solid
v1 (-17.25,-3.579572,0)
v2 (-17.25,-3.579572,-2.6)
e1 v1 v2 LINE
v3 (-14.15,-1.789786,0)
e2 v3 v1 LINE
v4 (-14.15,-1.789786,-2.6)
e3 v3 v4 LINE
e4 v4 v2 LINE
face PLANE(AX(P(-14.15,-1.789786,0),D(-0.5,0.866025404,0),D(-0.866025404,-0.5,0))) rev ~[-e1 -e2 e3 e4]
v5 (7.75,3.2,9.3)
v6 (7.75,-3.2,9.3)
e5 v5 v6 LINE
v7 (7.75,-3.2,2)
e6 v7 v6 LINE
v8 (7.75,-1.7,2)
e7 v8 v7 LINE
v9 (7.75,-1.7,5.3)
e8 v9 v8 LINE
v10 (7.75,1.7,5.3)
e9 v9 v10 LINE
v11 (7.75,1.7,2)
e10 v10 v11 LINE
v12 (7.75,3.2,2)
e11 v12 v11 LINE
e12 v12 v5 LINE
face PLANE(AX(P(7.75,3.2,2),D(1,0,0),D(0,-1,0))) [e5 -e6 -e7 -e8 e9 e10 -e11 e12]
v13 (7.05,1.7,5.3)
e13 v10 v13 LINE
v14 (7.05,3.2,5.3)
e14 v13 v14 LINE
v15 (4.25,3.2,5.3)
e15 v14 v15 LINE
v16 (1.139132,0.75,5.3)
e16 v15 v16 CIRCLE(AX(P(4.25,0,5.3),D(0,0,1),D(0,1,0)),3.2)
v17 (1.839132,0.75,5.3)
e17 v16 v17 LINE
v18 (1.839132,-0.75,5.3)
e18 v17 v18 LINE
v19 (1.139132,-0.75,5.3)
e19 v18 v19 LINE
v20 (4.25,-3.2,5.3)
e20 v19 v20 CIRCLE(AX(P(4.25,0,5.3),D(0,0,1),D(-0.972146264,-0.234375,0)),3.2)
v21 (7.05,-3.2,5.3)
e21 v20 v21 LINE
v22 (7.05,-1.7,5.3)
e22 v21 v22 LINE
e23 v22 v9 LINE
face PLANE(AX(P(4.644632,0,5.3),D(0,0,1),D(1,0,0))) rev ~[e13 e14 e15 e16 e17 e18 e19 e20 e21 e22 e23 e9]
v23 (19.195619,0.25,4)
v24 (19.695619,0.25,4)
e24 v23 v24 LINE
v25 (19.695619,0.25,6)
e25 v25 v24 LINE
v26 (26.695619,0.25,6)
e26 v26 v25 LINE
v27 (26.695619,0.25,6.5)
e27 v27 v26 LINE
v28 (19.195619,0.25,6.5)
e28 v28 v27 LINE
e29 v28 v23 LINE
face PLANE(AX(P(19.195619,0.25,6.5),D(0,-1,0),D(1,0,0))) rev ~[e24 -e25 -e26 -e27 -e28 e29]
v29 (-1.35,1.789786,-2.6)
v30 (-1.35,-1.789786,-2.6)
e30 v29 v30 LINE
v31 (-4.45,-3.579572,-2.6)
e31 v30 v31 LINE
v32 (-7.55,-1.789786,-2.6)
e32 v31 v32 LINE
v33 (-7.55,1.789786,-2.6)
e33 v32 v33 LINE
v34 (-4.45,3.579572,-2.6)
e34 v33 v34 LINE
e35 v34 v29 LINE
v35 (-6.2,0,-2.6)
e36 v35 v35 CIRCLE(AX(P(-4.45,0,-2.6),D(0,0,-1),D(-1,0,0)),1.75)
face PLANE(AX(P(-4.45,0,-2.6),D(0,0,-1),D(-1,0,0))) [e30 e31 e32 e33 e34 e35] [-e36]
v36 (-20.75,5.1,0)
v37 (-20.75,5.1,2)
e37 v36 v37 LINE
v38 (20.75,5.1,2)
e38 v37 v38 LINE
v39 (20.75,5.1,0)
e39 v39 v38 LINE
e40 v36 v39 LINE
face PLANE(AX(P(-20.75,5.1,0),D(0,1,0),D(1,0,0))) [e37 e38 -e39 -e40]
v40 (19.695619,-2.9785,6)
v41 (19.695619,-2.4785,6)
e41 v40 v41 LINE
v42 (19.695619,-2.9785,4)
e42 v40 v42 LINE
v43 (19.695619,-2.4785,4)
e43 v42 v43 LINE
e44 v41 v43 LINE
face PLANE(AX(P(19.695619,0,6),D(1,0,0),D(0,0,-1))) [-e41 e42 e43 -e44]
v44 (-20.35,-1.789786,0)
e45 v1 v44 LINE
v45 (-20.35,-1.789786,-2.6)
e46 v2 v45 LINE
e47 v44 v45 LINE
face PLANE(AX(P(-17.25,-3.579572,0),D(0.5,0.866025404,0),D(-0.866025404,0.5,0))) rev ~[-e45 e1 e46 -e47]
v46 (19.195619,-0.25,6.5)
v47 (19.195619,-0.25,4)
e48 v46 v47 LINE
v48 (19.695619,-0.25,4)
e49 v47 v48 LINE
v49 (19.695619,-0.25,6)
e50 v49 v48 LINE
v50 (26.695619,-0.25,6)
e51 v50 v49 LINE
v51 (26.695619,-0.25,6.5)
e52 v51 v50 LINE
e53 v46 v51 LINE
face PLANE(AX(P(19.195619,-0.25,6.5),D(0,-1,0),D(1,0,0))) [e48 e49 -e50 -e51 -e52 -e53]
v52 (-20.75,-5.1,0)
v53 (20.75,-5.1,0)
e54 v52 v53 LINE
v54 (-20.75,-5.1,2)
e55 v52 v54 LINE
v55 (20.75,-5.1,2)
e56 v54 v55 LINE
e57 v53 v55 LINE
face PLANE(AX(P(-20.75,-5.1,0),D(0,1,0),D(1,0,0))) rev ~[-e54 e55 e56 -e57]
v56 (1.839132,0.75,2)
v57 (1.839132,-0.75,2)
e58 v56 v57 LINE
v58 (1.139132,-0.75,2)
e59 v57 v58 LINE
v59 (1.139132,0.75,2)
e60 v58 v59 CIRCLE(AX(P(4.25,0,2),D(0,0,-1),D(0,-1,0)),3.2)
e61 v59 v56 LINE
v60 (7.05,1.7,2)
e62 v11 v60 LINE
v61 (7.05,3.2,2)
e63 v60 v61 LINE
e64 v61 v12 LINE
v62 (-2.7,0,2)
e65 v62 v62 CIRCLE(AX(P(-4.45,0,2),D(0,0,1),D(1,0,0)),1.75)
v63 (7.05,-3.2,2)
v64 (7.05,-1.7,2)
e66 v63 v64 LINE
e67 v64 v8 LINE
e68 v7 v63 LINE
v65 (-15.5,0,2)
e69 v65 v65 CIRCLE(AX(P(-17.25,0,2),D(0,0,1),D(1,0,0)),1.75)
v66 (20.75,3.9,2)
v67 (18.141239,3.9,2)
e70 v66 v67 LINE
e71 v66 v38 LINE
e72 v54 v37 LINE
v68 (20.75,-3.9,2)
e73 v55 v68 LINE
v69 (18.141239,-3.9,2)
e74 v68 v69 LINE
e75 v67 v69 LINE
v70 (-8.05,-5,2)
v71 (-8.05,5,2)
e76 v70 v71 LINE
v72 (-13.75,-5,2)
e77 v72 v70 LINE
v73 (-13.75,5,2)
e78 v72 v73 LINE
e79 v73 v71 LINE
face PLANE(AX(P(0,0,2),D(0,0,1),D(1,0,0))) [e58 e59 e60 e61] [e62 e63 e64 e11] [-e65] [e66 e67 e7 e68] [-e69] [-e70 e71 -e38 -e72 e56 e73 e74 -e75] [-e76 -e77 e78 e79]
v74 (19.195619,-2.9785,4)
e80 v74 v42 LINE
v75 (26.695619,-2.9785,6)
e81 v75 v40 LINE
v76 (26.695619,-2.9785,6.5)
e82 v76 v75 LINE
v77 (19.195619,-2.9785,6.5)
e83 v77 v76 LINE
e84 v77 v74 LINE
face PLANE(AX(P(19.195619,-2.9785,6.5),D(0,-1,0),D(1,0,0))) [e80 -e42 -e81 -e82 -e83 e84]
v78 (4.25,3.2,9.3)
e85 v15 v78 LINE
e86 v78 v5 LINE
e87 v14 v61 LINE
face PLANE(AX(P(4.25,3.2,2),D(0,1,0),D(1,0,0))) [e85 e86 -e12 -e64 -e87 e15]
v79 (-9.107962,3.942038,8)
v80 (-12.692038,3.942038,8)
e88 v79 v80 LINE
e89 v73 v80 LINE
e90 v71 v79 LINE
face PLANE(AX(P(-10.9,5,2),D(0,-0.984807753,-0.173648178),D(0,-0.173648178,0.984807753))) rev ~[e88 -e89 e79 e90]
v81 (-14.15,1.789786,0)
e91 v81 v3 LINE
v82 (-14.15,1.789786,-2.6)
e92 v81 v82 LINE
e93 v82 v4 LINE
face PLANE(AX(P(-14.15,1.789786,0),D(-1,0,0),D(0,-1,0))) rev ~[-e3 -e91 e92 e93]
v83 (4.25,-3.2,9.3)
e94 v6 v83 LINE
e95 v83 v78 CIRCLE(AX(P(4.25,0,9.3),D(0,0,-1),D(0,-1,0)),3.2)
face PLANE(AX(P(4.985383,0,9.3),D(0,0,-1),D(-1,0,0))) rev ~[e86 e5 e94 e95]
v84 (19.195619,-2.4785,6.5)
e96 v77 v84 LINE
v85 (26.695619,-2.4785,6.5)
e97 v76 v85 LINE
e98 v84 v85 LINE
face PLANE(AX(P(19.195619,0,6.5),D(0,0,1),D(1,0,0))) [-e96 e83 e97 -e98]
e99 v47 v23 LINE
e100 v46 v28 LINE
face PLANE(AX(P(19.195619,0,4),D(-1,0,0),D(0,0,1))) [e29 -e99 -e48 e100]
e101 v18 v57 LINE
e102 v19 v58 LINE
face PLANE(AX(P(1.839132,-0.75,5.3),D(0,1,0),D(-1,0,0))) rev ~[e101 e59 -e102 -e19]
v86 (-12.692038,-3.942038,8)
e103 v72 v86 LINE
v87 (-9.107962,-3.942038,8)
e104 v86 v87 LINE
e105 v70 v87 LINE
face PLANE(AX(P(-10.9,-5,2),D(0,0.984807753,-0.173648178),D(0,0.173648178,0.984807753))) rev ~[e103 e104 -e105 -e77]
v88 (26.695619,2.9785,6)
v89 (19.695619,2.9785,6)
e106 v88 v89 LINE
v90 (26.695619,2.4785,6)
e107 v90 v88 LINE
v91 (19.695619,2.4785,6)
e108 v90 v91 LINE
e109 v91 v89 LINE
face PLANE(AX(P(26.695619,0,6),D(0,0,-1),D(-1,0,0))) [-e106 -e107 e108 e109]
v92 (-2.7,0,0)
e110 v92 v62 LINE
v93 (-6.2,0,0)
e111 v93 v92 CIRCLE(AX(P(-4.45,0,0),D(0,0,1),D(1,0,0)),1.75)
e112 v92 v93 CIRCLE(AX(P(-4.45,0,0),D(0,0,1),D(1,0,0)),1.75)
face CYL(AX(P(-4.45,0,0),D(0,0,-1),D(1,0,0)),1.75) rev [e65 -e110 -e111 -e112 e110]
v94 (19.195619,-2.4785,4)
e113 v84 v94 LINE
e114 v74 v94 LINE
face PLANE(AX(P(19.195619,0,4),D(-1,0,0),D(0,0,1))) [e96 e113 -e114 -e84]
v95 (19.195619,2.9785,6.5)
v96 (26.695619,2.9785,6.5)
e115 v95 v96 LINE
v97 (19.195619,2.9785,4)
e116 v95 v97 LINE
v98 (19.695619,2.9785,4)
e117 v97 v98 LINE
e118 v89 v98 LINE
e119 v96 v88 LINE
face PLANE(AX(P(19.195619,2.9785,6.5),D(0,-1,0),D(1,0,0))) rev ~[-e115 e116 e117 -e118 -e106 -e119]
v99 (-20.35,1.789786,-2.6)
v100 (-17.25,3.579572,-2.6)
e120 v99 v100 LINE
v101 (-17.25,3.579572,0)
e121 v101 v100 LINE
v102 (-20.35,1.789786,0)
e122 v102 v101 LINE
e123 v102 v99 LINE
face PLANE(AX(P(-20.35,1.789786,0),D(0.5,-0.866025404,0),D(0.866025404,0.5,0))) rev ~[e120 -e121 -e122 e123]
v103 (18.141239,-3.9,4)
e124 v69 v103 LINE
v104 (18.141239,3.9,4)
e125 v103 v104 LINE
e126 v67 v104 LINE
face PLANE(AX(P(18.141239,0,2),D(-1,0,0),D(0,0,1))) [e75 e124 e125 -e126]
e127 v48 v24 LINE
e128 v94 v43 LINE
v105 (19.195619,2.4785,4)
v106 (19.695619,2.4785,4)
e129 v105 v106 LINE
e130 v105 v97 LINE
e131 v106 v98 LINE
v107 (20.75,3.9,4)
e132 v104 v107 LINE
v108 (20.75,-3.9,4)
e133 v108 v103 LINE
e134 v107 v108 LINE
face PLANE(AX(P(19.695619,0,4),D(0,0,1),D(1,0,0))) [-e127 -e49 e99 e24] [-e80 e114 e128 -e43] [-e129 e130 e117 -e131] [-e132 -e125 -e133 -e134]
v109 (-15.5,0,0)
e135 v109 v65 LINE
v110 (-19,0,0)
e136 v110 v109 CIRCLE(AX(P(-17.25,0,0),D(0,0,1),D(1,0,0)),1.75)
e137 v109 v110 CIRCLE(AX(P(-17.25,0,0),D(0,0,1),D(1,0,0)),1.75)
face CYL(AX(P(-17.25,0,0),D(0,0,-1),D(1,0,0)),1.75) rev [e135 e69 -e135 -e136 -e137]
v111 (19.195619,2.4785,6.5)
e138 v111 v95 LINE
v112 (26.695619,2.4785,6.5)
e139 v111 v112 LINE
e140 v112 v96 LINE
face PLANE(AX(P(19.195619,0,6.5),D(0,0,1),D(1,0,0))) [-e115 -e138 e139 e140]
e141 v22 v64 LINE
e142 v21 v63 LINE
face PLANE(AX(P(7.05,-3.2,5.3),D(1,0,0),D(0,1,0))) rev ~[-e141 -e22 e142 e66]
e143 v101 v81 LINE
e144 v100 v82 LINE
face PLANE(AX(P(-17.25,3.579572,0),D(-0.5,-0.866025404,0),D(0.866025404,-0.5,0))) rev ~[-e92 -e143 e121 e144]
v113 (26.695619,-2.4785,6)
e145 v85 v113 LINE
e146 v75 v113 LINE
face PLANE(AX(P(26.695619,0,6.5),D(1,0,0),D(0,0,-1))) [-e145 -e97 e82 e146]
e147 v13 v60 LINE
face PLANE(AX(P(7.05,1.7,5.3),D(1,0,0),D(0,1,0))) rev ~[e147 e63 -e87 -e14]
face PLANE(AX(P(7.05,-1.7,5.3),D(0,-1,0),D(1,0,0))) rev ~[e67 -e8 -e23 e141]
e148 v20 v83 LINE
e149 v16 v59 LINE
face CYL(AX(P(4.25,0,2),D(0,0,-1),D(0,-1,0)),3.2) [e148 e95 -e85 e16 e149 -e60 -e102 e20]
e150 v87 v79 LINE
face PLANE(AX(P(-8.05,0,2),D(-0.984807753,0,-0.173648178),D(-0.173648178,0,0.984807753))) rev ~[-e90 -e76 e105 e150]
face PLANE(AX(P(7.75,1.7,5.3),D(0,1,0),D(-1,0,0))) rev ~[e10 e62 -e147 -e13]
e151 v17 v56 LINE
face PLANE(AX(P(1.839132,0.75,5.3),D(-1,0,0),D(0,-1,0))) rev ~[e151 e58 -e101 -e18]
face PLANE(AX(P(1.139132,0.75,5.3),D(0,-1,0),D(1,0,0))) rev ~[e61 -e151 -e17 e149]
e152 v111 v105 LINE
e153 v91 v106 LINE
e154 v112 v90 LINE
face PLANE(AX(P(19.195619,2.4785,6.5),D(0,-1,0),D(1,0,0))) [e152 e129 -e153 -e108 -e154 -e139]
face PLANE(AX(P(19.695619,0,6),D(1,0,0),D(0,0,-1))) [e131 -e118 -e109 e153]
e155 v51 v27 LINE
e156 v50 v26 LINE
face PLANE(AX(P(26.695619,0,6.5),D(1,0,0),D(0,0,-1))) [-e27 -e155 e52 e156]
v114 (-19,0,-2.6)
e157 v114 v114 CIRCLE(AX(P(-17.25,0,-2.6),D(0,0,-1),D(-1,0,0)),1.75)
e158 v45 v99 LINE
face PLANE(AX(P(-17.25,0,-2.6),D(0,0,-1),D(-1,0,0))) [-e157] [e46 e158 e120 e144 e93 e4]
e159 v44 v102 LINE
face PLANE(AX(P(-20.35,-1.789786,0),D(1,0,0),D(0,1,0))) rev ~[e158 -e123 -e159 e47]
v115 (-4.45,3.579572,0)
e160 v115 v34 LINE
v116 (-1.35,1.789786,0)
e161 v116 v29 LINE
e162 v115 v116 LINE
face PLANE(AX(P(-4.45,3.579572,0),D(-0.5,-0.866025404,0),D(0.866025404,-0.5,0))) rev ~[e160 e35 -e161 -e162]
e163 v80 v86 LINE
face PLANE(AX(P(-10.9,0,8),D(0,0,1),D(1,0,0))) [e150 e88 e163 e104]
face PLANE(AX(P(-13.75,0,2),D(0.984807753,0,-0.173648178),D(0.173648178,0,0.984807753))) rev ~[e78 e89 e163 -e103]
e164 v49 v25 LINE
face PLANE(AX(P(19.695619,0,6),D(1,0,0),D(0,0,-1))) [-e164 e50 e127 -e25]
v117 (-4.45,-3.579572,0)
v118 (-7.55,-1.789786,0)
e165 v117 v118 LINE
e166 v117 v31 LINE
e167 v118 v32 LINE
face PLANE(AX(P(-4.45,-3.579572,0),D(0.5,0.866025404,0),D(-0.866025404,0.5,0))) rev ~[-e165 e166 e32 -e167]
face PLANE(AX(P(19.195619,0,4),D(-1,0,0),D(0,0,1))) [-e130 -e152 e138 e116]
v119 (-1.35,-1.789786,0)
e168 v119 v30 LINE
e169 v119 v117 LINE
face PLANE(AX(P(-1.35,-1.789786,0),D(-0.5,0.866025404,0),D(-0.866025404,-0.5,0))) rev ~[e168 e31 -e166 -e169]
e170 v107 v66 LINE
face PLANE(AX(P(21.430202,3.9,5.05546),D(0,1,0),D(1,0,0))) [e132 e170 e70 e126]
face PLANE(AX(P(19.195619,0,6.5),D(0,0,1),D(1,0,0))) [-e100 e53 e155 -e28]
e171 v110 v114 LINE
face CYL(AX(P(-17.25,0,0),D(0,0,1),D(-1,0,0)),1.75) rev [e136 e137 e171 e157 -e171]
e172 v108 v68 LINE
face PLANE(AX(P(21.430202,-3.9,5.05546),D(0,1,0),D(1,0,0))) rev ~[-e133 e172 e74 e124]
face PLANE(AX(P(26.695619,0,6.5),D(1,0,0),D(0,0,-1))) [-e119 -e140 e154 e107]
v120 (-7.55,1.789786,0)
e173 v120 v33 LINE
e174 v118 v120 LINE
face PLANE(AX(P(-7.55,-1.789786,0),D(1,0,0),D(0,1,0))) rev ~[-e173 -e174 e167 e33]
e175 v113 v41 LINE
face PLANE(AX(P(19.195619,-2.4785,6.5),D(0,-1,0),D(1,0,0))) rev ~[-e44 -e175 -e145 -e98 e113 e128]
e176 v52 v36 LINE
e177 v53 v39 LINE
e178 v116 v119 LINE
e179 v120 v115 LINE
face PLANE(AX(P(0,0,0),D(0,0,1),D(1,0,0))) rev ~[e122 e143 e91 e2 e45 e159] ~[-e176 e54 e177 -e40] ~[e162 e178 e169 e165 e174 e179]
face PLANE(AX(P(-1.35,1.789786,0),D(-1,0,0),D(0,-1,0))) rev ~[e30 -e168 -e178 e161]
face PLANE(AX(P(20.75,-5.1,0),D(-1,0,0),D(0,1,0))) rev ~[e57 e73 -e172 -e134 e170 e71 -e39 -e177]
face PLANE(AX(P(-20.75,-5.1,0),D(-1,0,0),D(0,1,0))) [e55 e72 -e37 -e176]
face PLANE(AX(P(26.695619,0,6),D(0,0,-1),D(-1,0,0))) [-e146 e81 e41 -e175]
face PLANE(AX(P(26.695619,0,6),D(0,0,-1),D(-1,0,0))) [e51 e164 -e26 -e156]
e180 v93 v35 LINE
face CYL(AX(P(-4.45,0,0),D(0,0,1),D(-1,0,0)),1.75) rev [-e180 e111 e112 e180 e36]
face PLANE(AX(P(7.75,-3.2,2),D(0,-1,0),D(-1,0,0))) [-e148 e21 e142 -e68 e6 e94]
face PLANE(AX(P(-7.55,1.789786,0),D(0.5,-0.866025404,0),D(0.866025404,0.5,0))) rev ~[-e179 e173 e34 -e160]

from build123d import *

# Parameters (mm, degrees)
ESBO_O1_W                = 41.5
ESBO_O1_H                = 10.2
ESBO_O1_R                = 1.75
RESSALTO_EXTRUS_O1_DEPTH = 2
ESBO_O2_W                = 5.7
ESBO_O2_H                = 10
RESSALTO_EXTRUS_O2_DEPTH = 6
RESSALTO_EXTRUS_O2_TAPER = 10
RESSALTO_EXTRUS_O3_DEPTH = 7.3
CORTE_EXTRUS_O1_START    = -4
CORTE_EXTRUS_O1_DEPTH    = 3.3
RESSALTO_EXTRUS_O4_DEPTH = 3.9
ESBO_O7_W                = 7.5
ESBO_O7_H                = 0.921500294
ESBO_O7_H_2              = 2.228499706
CORTE_EXTRUS_O2_DEPTH    = 2.5
ESBO_O8_R                = 1.75
RESSALTO_EXTRUS_O5_DEPTH = 2.6


with BuildPart() as part:
    # Esboço1 → Ressalto-extrusão1 (new body)
    with BuildSketch(Plane.XY):
        Rectangle(ESBO_O1_W, ESBO_O1_H)
        with Locations((-17.25, 0)):
            Circle(ESBO_O1_R, mode=Mode.SUBTRACT)
        with Locations((-4.45, 0)):
            Circle(ESBO_O1_R, mode=Mode.SUBTRACT)
    extrude(amount=RESSALTO_EXTRUS_O1_DEPTH)

    # Esboço2 → Ressalto-extrusão2 (add)
    with BuildSketch(Plane.XY.offset(2)):
        with Locations((-10.9, 0)):
            Rectangle(ESBO_O2_W, ESBO_O2_H)
    extrude(amount=RESSALTO_EXTRUS_O2_DEPTH, taper=RESSALTO_EXTRUS_O2_TAPER)

    # Esboço3 → Ressalto-extrusão3 (add)
    with BuildSketch(Plane.XY.offset(2)):
        with BuildLine():
            Line((4.25, 3.2), (7.75, 3.2))
            Line((7.75, 3.2), (7.75, -3.2))
            Line((7.75, -3.2), (4.25, -3.2))
            ThreePointArc((4.25, -3.2), (1.05, 0), (4.25, 3.2))
        make_face()
    extrude(amount=RESSALTO_EXTRUS_O3_DEPTH)

    # Esboço4 → Corte-extrusão1 (cut)
    with BuildSketch(Plane.XY.offset(9.3).offset(CORTE_EXTRUS_O1_START)):
        with BuildLine():
            Line((7.05, -3.2), (7.05, -1.7))
            Line((7.05, -1.7), (7.75, -1.7))
            Line((7.75, -1.7), (7.75, 1.7))
            Line((7.75, 1.7), (7.05, 1.7))
            Line((7.05, 1.7), (7.05, 3.2))
            Line((7.05, 3.2), (4.25, 3.2))
            ThreePointArc((4.25, 3.2), (2.270101013, 2.513961018), (1.139131954, 0.75))
            Line((1.139131954, 0.75), (1.839131954, 0.75))
            Line((1.839131954, 0.75), (1.839131954, -0.75))
            Line((1.839131954, -0.75), (1.139131954, -0.75))
            ThreePointArc((1.139131954, -0.75), (2.270101013, -2.513961018), (4.25, -3.2))
            Line((4.25, -3.2), (7.05, -3.2))
        make_face()
    extrude(amount=-CORTE_EXTRUS_O1_DEPTH, mode=Mode.SUBTRACT)

    # Esboço6 → Ressalto-extrusão4 (add, symmetric)
    with BuildSketch(Plane(origin=(0, 0, 0), x_dir=(1, 0, 0), z_dir=(0, 1, 0))):
        Polygon((18.141238668, -2), (18.141238668, -4), (19.195619334, -4), (19.195619334, -6.5), (26.695619334, -6.5), (26.695619334, -6), (19.695619334, -6), (19.695619334, -4), (20.75, -4), (20.75, -2), align=None)
    extrude(amount=RESSALTO_EXTRUS_O4_DEPTH, both=True)

    # Esboço7 → Corte-extrusão2 (cut)
    with BuildSketch(Plane.XY.offset(6.5)):
        with Locations((22.945619334, 3.439249853)):
            Rectangle(ESBO_O7_W, ESBO_O7_H)
        with Locations((22.945619334, 1.364249853)):
            Rectangle(ESBO_O7_W, ESBO_O7_H_2)
        with Locations((22.945619334, -1.364249853)):
            Rectangle(ESBO_O7_W, ESBO_O7_H_2)
        with Locations((22.945619334, -3.439249853)):
            Rectangle(ESBO_O7_W, ESBO_O7_H)
    extrude(amount=-CORTE_EXTRUS_O2_DEPTH, mode=Mode.SUBTRACT)

    # Esboço8 → Ressalto-extrusão5 (add)
    with BuildSketch(Plane(origin=(0, 0, 0), x_dir=(-1, 0, 0), z_dir=(0, 0, -1))):
        Polygon((7.55, 1.789785834), (4.45, 3.579571669), (1.35, 1.789785834), (1.35, -1.789785834), (4.45, -3.579571669), (7.55, -1.789785834), align=None)
        with Locations((4.45, 0)):
            Circle(ESBO_O8_R, mode=Mode.SUBTRACT)
        Polygon((14.15, -1.789785834), (17.25, -3.579571669), (20.35, -1.789785834), (20.35, 1.789785834), (17.25, 3.579571669), (14.15, 1.789785834), align=None)
        with Locations((17.25, 0)):
            Circle(ESBO_O8_R, mode=Mode.SUBTRACT)
    extrude(amount=RESSALTO_EXTRUS_O5_DEPTH)


solid = part.part
